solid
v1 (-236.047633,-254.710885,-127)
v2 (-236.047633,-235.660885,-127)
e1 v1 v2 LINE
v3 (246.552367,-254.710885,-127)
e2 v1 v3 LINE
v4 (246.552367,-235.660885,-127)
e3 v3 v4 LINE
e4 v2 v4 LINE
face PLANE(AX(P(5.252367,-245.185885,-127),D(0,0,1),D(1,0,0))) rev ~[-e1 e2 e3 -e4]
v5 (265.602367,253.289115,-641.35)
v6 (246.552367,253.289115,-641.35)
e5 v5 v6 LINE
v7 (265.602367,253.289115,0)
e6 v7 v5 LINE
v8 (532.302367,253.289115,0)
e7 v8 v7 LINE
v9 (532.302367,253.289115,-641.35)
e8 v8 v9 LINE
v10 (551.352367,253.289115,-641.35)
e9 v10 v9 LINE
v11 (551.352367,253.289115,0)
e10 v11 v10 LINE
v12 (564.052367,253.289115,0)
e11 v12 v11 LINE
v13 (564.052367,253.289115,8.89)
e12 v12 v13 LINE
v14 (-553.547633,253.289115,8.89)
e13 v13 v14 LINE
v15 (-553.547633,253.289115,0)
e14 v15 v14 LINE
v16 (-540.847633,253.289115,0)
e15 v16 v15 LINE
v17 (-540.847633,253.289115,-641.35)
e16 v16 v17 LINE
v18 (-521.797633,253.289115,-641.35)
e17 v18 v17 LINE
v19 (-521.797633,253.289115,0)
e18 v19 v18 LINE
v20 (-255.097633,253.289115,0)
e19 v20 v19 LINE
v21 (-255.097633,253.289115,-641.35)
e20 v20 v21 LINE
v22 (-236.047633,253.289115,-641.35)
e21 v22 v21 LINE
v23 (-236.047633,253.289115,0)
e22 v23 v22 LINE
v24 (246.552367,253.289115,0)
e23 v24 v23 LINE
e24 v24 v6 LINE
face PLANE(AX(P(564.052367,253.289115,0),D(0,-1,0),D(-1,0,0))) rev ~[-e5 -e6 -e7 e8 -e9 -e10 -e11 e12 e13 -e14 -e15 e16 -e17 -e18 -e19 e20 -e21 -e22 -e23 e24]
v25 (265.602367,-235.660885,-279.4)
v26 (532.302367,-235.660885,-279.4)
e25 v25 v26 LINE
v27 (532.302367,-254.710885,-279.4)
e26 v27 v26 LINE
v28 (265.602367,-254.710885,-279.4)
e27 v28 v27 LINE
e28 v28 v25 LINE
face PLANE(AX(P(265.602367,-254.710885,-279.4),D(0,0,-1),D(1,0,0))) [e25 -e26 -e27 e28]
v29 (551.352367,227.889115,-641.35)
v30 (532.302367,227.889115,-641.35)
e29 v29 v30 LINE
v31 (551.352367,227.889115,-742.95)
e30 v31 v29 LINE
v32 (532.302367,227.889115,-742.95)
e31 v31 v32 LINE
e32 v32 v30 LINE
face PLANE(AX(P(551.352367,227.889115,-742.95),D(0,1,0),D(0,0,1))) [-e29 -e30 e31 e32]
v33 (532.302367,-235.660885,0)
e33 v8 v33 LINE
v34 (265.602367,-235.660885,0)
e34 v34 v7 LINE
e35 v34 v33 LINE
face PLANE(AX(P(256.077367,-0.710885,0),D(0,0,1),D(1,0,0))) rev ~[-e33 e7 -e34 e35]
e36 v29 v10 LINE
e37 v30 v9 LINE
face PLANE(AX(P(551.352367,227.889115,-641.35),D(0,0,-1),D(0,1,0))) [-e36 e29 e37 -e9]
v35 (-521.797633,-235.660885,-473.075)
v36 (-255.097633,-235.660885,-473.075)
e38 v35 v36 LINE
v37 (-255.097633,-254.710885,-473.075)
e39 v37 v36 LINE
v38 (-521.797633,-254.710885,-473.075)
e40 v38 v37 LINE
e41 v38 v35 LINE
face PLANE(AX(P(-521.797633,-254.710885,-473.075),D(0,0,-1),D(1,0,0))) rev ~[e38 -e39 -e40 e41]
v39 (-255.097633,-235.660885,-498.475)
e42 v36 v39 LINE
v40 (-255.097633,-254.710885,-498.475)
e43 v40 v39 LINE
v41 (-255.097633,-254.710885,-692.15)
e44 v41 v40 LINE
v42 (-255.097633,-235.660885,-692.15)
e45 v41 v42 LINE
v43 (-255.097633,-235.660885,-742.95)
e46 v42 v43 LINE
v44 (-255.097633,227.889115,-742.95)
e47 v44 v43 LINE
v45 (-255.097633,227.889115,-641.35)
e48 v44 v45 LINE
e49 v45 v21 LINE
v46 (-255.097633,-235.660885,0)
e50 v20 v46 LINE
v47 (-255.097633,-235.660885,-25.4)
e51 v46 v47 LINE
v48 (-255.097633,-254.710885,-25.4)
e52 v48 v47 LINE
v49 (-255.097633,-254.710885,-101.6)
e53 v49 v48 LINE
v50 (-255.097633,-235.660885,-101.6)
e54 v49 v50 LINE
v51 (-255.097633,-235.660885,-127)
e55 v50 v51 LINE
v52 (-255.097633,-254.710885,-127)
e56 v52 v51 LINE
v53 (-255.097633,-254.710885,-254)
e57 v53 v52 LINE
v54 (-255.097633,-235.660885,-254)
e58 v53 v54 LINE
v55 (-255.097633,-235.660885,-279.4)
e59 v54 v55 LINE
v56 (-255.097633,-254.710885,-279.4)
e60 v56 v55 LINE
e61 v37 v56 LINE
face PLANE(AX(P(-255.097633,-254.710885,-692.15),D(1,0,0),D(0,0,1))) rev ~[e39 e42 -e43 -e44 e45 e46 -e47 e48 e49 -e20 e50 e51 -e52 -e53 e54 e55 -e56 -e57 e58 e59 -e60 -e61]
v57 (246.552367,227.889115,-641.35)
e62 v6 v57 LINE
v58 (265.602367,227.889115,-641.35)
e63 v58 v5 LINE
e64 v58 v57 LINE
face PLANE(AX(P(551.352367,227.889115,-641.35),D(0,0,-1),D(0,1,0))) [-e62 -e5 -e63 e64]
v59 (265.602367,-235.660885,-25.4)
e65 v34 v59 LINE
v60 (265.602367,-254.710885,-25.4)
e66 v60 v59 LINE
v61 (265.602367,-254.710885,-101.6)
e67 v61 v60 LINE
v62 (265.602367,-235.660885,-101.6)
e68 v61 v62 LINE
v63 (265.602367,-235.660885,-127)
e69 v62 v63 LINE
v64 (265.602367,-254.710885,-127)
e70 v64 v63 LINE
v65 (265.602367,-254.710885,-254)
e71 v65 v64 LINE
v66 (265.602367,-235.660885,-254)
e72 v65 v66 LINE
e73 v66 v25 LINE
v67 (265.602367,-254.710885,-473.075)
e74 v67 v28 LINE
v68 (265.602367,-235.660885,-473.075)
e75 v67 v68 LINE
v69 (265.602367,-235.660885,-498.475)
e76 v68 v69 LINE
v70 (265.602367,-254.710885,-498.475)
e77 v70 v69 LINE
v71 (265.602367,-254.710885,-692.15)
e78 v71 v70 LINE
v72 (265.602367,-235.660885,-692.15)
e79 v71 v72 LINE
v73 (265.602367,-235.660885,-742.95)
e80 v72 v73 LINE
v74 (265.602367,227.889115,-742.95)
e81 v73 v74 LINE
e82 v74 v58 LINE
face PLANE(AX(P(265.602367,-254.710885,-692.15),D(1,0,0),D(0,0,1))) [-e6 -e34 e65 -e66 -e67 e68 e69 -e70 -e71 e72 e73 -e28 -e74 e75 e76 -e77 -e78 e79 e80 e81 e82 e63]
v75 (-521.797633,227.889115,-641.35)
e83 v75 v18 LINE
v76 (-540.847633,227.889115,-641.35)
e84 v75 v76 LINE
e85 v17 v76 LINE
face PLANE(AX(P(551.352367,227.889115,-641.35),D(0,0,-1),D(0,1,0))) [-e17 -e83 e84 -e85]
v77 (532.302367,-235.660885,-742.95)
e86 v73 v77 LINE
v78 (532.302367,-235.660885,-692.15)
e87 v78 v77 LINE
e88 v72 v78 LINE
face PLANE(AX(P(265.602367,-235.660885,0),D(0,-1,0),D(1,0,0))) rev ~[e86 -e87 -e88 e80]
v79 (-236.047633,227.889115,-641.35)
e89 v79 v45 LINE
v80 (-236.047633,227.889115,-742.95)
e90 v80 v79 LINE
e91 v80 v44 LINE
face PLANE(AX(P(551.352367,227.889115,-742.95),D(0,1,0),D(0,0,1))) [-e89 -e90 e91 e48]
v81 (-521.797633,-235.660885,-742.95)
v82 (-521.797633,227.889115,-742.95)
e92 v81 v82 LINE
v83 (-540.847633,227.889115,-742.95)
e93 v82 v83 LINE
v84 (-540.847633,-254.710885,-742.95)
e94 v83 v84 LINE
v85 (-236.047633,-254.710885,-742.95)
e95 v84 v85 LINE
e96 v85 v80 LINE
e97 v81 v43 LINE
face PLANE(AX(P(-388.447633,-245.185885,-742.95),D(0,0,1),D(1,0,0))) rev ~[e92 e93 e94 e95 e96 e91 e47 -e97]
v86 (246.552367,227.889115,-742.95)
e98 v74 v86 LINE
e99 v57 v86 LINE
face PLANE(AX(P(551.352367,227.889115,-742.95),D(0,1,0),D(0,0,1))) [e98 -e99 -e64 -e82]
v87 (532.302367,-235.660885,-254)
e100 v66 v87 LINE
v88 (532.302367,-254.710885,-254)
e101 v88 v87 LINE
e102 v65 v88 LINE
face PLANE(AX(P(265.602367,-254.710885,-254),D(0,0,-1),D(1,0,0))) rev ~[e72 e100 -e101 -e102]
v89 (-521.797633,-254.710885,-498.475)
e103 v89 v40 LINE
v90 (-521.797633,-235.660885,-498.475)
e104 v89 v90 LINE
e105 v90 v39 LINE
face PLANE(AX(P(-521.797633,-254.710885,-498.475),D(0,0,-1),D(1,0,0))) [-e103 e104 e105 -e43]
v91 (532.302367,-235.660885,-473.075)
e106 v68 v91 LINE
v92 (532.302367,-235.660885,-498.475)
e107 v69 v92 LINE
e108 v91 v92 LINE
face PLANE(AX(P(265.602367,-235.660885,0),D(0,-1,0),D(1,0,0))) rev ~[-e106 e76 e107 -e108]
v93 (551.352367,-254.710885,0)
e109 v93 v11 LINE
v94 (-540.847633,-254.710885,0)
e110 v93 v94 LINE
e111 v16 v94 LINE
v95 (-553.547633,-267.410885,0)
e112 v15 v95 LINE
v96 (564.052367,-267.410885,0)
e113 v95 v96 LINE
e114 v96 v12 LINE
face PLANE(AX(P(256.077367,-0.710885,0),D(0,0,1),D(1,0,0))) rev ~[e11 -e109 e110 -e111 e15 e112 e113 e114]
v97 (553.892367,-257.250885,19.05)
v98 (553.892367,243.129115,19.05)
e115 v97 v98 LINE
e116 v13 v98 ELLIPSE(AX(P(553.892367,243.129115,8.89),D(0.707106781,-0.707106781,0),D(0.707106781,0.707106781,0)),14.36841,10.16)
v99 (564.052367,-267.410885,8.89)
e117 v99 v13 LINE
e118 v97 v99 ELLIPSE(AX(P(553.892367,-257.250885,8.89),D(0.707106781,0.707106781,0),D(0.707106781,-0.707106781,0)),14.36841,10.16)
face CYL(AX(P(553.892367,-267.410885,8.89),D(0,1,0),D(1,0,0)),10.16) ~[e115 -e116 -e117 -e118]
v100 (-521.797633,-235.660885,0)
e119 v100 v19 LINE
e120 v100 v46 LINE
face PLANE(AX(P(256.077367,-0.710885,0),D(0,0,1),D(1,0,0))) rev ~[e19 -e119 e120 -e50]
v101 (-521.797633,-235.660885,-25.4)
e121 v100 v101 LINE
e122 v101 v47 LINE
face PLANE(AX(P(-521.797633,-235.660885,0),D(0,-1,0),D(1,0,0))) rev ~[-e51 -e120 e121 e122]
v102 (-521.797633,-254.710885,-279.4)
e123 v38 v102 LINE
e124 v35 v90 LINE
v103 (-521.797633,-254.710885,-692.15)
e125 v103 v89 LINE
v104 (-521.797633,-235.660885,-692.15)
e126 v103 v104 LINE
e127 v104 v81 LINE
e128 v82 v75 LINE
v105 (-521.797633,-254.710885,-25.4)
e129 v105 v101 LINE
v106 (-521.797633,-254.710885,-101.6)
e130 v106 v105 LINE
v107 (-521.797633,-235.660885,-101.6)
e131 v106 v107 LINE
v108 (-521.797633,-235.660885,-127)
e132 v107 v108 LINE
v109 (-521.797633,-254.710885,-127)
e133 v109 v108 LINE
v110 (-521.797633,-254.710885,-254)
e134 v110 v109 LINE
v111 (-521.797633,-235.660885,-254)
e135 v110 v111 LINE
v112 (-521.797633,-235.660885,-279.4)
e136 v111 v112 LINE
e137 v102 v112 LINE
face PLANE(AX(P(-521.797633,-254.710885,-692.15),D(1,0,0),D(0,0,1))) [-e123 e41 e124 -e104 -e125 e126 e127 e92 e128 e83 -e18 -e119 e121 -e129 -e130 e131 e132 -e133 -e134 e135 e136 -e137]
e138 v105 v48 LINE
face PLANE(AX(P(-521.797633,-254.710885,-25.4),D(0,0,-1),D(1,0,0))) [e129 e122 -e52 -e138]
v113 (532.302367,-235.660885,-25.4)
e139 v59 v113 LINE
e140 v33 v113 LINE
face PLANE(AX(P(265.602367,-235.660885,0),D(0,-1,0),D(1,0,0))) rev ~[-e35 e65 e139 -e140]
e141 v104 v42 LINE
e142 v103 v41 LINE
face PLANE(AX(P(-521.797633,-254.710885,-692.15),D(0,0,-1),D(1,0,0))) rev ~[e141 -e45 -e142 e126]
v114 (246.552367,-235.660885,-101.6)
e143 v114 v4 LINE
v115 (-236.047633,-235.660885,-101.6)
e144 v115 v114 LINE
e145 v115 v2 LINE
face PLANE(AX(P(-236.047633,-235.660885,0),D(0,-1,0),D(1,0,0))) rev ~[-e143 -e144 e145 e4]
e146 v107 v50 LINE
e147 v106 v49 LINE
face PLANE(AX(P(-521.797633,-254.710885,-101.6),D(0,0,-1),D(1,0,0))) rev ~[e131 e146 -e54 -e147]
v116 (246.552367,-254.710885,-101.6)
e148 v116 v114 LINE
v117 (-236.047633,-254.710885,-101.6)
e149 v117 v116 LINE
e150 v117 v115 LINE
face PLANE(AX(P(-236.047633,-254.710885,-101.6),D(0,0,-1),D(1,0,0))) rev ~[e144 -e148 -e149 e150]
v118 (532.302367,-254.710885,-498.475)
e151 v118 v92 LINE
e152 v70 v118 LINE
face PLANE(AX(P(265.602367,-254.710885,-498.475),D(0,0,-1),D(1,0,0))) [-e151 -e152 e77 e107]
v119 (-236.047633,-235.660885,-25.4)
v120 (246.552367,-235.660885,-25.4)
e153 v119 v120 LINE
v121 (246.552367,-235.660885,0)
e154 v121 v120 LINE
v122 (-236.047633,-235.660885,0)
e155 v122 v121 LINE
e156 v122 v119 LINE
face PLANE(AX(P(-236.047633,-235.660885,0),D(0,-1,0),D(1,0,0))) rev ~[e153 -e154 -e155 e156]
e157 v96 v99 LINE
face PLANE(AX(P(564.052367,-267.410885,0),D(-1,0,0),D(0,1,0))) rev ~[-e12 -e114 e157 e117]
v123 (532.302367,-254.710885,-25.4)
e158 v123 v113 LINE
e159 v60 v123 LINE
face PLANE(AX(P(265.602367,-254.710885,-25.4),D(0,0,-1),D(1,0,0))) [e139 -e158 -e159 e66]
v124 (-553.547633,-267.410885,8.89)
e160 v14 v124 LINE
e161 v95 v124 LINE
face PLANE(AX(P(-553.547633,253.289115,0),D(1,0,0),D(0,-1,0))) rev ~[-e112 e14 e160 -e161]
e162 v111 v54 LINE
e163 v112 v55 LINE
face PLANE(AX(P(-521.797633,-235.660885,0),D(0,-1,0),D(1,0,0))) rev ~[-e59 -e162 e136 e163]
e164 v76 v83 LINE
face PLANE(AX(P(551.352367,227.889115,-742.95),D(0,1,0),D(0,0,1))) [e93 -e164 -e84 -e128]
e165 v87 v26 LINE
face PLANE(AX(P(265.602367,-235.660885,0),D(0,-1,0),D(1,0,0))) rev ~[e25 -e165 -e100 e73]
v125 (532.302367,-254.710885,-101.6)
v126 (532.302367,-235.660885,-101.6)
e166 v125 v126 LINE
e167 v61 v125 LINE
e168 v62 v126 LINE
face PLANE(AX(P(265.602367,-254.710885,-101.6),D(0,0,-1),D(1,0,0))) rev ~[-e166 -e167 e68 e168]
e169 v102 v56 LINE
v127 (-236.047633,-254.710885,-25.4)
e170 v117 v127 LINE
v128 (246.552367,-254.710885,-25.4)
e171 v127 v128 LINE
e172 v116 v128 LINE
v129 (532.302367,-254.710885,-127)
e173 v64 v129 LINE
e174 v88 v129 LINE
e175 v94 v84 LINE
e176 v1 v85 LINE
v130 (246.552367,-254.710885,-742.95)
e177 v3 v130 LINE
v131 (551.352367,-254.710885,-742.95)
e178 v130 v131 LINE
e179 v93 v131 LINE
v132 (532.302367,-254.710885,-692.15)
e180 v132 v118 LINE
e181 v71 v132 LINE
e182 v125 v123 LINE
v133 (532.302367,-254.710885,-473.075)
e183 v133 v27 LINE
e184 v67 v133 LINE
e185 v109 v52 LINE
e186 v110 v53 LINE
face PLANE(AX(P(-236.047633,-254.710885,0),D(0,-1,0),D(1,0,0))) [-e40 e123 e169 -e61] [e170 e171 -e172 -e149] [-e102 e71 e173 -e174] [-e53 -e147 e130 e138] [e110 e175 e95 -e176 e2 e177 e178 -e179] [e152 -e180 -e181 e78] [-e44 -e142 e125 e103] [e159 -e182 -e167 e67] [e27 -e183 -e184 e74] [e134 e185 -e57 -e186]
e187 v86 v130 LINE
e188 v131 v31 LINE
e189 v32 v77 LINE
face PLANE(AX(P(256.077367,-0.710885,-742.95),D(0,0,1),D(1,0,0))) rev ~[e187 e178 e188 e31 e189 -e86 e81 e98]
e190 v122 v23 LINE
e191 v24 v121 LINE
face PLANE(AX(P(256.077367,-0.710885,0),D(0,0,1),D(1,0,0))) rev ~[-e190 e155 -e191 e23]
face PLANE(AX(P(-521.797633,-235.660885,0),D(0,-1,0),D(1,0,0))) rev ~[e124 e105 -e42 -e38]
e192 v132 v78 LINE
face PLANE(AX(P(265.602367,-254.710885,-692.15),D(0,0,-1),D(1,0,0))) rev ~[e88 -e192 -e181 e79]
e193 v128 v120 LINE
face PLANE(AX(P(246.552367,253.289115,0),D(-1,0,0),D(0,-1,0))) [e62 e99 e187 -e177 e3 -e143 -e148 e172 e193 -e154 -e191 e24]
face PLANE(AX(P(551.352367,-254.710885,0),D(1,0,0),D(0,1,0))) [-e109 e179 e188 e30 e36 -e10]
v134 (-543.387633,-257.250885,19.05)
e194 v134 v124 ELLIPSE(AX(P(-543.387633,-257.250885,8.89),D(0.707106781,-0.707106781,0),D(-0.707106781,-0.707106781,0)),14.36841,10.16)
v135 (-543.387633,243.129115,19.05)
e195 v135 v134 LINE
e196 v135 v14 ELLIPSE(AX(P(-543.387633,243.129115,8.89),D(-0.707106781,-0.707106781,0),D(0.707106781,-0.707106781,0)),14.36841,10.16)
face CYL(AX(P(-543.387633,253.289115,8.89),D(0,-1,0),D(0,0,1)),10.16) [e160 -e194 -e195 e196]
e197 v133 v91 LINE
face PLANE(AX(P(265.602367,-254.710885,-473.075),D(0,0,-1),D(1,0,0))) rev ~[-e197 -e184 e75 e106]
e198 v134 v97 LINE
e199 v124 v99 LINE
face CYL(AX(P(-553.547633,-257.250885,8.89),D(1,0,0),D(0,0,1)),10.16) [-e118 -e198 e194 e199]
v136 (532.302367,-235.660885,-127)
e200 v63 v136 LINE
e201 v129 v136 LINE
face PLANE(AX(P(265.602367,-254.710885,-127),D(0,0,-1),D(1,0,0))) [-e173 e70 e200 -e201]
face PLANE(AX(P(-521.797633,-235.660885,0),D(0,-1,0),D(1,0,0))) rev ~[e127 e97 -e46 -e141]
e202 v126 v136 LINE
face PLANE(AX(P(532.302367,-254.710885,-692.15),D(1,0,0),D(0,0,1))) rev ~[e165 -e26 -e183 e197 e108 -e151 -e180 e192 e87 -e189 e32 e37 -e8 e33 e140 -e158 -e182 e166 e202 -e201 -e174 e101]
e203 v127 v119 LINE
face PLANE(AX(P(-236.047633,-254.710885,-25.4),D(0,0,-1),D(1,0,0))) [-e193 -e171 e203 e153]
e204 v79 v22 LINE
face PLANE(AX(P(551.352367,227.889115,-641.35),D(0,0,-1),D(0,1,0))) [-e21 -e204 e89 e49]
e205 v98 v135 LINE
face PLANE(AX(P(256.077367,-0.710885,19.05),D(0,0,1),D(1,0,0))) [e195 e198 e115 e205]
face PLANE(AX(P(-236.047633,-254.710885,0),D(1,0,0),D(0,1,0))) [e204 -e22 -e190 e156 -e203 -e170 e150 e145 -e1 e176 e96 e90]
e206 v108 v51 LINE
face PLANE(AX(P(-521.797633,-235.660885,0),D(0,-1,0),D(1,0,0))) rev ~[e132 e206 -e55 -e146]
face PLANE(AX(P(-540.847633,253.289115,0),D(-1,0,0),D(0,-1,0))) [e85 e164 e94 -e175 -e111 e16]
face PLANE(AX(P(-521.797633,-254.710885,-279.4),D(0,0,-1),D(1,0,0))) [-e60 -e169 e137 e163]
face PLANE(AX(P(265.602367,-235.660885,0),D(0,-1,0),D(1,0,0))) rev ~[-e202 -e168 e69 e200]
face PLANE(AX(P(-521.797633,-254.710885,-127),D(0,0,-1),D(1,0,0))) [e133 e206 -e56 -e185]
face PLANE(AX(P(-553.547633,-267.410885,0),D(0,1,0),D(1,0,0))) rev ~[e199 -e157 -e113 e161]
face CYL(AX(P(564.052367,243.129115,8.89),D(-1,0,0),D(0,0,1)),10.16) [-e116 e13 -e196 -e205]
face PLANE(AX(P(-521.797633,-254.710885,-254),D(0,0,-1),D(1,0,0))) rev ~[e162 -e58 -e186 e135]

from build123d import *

# Parameters (mm, degrees)
F0_W     = 482.6
F0_H     = 488.95
F0_W_2   = 266.7
F0_H_2   = 19.05
F1_DEPTH = 19.05
F2_DEPTH = 742.95
F3_DEPTH = 742.95
F4_R     = 10.16
F5_DEPTH = 127
F6_W     = 266.7
F6_H     = 193.675
F6_H_2   = 127
F6_H_3   = 76.2
F6_W_2   = 482.6
F7_DEPTH = 25.4
F8_W     = 25.4
F8_H     = 101.6
F9_DEPTH = 1104.901


with BuildPart() as f1:
    # F0 (on Top) → F1 (new body)
    with BuildSketch(Plane.XY):
        Polygon((265.602367, -235.660885), (265.602367, 253.289115), (246.552367, 253.289115), (246.552367, -235.660885), (246.552367, -254.710885), (265.602367, -254.710885), align=None)
        Polygon((551.352367, -254.710885), (551.352367, 253.289115), (532.302367, 253.289115), (532.302367, -235.660885), (532.302367, -254.710885), align=None)
        Polygon((-553.547633, 253.289115), (-553.547633, -267.410885), (564.052367, -267.410885), (564.052367, 253.289115), (551.352367, 253.289115), (551.352367, -254.710885), (532.302367, -254.710885), (265.602367, -254.710885), (246.552367, -254.710885), (-236.047633, -254.710885), (-255.097633, -254.710885), (-521.797633, -254.710885), (-540.847633, -254.710885), (-540.847633, 253.289115), align=None)
        with Locations((5.252367, 8.814115)):
            Rectangle(F0_W, F0_H)
        Polygon((-521.797633, 253.289115), (-540.847633, 253.289115), (-540.847633, -254.710885), (-521.797633, -254.710885), (-521.797633, -235.660885), align=None)
        with Locations((398.952367, 8.814115)):
            Rectangle(F0_W_2, F0_H)
        Polygon((-236.047633, 253.289115), (-255.097633, 253.289115), (-255.097633, -235.660885), (-255.097633, -254.710885), (-236.047633, -254.710885), (-236.047633, -235.660885), align=None)
        with Locations((-388.447633, 8.814115)):
            Rectangle(F0_W_2, F0_H)
        with Locations((-388.447633, -245.185885)):
            Rectangle(F0_W_2, F0_H_2)
        with Locations((5.252367, -245.185885)):
            Rectangle(F0_W, F0_H_2)
        with Locations((398.952367, -245.185885)):
            Rectangle(F0_W_2, F0_H_2)
    extrude(amount=F1_DEPTH)

    # F0 (on Top) → F2 (join)
    with BuildSketch(Plane.XY):
        Polygon((-521.797633, 253.289115), (-540.847633, 253.289115), (-540.847633, -254.710885), (-521.797633, -254.710885), (-521.797633, -235.660885), align=None)
        Polygon((-236.047633, 253.289115), (-255.097633, 253.289115), (-255.097633, -235.660885), (-255.097633, -254.710885), (-236.047633, -254.710885), (-236.047633, -235.660885), align=None)
        Polygon((265.602367, -235.660885), (265.602367, 253.289115), (246.552367, 253.289115), (246.552367, -235.660885), (246.552367, -254.710885), (265.602367, -254.710885), align=None)
        Polygon((551.352367, -254.710885), (551.352367, 253.289115), (532.302367, 253.289115), (532.302367, -235.660885), (532.302367, -254.710885), align=None)
    extrude(amount=-F2_DEPTH)

    # F0 (on Top) → F3 (join)
    with BuildSketch(Plane.XY):
        with Locations((-388.447633, -245.185885)):
            Rectangle(F0_W_2, F0_H_2)
        with Locations((398.952367, -245.185885)):
            Rectangle(F0_W_2, F0_H_2)
    extrude(amount=-F3_DEPTH)

    # F4
    f4_edges = [f1.edges().sort_by_distance(p)[0] for p in [
        (-553.547633, -7.060885, 19.05),
        (5.252367, -267.410885, 19.05),
        (564.052367, -7.060885, 19.05),
        (5.252367, 253.289115, 19.05),
    ]]
    fillet(f4_edges, radius=F4_R)

    # F0 (on Top) → F5 (join)
    with BuildSketch(Plane.XY):
        with Locations((5.252367, -245.185885)):
            Rectangle(F0_W, F0_H_2)
    extrude(amount=-F5_DEPTH)

    # F6 (on face) → F7 (cut)
    with BuildSketch(Plane.XZ.offset(254.710885)):
        with Locations((-388.447633, -595.3125)):
            Rectangle(F6_W, F6_H)
        with Locations((-388.447633, -376.2375)):
            Rectangle(F6_W, F6_H)
        with Locations((-388.447633, -190.5)):
            Rectangle(F6_W, F6_H_2)
        with Locations((-388.447633, -63.5)):
            Rectangle(F6_W, F6_H_3)
        with Locations((5.252367, -63.5)):
            Rectangle(F6_W_2, F6_H_3)
        with Locations((398.952367, -63.5)):
            Rectangle(F6_W, F6_H_3)
        with Locations((398.952367, -190.5)):
            Rectangle(F6_W, F6_H_2)
        with Locations((398.952367, -376.2375)):
            Rectangle(F6_W, F6_H)
        with Locations((398.952367, -595.3125)):
            Rectangle(F6_W, F6_H)
    extrude(amount=-F7_DEPTH, mode=Mode.SUBTRACT)

    # F8 (on face) → F9 (cut, through all)
    with BuildSketch(Plane.YZ.offset(551.352367)):
        with Locations((240.589115, -692.15)):
            Rectangle(F8_W, F8_H)
    extrude(amount=-F9_DEPTH, mode=Mode.SUBTRACT)


solid = f1.part
